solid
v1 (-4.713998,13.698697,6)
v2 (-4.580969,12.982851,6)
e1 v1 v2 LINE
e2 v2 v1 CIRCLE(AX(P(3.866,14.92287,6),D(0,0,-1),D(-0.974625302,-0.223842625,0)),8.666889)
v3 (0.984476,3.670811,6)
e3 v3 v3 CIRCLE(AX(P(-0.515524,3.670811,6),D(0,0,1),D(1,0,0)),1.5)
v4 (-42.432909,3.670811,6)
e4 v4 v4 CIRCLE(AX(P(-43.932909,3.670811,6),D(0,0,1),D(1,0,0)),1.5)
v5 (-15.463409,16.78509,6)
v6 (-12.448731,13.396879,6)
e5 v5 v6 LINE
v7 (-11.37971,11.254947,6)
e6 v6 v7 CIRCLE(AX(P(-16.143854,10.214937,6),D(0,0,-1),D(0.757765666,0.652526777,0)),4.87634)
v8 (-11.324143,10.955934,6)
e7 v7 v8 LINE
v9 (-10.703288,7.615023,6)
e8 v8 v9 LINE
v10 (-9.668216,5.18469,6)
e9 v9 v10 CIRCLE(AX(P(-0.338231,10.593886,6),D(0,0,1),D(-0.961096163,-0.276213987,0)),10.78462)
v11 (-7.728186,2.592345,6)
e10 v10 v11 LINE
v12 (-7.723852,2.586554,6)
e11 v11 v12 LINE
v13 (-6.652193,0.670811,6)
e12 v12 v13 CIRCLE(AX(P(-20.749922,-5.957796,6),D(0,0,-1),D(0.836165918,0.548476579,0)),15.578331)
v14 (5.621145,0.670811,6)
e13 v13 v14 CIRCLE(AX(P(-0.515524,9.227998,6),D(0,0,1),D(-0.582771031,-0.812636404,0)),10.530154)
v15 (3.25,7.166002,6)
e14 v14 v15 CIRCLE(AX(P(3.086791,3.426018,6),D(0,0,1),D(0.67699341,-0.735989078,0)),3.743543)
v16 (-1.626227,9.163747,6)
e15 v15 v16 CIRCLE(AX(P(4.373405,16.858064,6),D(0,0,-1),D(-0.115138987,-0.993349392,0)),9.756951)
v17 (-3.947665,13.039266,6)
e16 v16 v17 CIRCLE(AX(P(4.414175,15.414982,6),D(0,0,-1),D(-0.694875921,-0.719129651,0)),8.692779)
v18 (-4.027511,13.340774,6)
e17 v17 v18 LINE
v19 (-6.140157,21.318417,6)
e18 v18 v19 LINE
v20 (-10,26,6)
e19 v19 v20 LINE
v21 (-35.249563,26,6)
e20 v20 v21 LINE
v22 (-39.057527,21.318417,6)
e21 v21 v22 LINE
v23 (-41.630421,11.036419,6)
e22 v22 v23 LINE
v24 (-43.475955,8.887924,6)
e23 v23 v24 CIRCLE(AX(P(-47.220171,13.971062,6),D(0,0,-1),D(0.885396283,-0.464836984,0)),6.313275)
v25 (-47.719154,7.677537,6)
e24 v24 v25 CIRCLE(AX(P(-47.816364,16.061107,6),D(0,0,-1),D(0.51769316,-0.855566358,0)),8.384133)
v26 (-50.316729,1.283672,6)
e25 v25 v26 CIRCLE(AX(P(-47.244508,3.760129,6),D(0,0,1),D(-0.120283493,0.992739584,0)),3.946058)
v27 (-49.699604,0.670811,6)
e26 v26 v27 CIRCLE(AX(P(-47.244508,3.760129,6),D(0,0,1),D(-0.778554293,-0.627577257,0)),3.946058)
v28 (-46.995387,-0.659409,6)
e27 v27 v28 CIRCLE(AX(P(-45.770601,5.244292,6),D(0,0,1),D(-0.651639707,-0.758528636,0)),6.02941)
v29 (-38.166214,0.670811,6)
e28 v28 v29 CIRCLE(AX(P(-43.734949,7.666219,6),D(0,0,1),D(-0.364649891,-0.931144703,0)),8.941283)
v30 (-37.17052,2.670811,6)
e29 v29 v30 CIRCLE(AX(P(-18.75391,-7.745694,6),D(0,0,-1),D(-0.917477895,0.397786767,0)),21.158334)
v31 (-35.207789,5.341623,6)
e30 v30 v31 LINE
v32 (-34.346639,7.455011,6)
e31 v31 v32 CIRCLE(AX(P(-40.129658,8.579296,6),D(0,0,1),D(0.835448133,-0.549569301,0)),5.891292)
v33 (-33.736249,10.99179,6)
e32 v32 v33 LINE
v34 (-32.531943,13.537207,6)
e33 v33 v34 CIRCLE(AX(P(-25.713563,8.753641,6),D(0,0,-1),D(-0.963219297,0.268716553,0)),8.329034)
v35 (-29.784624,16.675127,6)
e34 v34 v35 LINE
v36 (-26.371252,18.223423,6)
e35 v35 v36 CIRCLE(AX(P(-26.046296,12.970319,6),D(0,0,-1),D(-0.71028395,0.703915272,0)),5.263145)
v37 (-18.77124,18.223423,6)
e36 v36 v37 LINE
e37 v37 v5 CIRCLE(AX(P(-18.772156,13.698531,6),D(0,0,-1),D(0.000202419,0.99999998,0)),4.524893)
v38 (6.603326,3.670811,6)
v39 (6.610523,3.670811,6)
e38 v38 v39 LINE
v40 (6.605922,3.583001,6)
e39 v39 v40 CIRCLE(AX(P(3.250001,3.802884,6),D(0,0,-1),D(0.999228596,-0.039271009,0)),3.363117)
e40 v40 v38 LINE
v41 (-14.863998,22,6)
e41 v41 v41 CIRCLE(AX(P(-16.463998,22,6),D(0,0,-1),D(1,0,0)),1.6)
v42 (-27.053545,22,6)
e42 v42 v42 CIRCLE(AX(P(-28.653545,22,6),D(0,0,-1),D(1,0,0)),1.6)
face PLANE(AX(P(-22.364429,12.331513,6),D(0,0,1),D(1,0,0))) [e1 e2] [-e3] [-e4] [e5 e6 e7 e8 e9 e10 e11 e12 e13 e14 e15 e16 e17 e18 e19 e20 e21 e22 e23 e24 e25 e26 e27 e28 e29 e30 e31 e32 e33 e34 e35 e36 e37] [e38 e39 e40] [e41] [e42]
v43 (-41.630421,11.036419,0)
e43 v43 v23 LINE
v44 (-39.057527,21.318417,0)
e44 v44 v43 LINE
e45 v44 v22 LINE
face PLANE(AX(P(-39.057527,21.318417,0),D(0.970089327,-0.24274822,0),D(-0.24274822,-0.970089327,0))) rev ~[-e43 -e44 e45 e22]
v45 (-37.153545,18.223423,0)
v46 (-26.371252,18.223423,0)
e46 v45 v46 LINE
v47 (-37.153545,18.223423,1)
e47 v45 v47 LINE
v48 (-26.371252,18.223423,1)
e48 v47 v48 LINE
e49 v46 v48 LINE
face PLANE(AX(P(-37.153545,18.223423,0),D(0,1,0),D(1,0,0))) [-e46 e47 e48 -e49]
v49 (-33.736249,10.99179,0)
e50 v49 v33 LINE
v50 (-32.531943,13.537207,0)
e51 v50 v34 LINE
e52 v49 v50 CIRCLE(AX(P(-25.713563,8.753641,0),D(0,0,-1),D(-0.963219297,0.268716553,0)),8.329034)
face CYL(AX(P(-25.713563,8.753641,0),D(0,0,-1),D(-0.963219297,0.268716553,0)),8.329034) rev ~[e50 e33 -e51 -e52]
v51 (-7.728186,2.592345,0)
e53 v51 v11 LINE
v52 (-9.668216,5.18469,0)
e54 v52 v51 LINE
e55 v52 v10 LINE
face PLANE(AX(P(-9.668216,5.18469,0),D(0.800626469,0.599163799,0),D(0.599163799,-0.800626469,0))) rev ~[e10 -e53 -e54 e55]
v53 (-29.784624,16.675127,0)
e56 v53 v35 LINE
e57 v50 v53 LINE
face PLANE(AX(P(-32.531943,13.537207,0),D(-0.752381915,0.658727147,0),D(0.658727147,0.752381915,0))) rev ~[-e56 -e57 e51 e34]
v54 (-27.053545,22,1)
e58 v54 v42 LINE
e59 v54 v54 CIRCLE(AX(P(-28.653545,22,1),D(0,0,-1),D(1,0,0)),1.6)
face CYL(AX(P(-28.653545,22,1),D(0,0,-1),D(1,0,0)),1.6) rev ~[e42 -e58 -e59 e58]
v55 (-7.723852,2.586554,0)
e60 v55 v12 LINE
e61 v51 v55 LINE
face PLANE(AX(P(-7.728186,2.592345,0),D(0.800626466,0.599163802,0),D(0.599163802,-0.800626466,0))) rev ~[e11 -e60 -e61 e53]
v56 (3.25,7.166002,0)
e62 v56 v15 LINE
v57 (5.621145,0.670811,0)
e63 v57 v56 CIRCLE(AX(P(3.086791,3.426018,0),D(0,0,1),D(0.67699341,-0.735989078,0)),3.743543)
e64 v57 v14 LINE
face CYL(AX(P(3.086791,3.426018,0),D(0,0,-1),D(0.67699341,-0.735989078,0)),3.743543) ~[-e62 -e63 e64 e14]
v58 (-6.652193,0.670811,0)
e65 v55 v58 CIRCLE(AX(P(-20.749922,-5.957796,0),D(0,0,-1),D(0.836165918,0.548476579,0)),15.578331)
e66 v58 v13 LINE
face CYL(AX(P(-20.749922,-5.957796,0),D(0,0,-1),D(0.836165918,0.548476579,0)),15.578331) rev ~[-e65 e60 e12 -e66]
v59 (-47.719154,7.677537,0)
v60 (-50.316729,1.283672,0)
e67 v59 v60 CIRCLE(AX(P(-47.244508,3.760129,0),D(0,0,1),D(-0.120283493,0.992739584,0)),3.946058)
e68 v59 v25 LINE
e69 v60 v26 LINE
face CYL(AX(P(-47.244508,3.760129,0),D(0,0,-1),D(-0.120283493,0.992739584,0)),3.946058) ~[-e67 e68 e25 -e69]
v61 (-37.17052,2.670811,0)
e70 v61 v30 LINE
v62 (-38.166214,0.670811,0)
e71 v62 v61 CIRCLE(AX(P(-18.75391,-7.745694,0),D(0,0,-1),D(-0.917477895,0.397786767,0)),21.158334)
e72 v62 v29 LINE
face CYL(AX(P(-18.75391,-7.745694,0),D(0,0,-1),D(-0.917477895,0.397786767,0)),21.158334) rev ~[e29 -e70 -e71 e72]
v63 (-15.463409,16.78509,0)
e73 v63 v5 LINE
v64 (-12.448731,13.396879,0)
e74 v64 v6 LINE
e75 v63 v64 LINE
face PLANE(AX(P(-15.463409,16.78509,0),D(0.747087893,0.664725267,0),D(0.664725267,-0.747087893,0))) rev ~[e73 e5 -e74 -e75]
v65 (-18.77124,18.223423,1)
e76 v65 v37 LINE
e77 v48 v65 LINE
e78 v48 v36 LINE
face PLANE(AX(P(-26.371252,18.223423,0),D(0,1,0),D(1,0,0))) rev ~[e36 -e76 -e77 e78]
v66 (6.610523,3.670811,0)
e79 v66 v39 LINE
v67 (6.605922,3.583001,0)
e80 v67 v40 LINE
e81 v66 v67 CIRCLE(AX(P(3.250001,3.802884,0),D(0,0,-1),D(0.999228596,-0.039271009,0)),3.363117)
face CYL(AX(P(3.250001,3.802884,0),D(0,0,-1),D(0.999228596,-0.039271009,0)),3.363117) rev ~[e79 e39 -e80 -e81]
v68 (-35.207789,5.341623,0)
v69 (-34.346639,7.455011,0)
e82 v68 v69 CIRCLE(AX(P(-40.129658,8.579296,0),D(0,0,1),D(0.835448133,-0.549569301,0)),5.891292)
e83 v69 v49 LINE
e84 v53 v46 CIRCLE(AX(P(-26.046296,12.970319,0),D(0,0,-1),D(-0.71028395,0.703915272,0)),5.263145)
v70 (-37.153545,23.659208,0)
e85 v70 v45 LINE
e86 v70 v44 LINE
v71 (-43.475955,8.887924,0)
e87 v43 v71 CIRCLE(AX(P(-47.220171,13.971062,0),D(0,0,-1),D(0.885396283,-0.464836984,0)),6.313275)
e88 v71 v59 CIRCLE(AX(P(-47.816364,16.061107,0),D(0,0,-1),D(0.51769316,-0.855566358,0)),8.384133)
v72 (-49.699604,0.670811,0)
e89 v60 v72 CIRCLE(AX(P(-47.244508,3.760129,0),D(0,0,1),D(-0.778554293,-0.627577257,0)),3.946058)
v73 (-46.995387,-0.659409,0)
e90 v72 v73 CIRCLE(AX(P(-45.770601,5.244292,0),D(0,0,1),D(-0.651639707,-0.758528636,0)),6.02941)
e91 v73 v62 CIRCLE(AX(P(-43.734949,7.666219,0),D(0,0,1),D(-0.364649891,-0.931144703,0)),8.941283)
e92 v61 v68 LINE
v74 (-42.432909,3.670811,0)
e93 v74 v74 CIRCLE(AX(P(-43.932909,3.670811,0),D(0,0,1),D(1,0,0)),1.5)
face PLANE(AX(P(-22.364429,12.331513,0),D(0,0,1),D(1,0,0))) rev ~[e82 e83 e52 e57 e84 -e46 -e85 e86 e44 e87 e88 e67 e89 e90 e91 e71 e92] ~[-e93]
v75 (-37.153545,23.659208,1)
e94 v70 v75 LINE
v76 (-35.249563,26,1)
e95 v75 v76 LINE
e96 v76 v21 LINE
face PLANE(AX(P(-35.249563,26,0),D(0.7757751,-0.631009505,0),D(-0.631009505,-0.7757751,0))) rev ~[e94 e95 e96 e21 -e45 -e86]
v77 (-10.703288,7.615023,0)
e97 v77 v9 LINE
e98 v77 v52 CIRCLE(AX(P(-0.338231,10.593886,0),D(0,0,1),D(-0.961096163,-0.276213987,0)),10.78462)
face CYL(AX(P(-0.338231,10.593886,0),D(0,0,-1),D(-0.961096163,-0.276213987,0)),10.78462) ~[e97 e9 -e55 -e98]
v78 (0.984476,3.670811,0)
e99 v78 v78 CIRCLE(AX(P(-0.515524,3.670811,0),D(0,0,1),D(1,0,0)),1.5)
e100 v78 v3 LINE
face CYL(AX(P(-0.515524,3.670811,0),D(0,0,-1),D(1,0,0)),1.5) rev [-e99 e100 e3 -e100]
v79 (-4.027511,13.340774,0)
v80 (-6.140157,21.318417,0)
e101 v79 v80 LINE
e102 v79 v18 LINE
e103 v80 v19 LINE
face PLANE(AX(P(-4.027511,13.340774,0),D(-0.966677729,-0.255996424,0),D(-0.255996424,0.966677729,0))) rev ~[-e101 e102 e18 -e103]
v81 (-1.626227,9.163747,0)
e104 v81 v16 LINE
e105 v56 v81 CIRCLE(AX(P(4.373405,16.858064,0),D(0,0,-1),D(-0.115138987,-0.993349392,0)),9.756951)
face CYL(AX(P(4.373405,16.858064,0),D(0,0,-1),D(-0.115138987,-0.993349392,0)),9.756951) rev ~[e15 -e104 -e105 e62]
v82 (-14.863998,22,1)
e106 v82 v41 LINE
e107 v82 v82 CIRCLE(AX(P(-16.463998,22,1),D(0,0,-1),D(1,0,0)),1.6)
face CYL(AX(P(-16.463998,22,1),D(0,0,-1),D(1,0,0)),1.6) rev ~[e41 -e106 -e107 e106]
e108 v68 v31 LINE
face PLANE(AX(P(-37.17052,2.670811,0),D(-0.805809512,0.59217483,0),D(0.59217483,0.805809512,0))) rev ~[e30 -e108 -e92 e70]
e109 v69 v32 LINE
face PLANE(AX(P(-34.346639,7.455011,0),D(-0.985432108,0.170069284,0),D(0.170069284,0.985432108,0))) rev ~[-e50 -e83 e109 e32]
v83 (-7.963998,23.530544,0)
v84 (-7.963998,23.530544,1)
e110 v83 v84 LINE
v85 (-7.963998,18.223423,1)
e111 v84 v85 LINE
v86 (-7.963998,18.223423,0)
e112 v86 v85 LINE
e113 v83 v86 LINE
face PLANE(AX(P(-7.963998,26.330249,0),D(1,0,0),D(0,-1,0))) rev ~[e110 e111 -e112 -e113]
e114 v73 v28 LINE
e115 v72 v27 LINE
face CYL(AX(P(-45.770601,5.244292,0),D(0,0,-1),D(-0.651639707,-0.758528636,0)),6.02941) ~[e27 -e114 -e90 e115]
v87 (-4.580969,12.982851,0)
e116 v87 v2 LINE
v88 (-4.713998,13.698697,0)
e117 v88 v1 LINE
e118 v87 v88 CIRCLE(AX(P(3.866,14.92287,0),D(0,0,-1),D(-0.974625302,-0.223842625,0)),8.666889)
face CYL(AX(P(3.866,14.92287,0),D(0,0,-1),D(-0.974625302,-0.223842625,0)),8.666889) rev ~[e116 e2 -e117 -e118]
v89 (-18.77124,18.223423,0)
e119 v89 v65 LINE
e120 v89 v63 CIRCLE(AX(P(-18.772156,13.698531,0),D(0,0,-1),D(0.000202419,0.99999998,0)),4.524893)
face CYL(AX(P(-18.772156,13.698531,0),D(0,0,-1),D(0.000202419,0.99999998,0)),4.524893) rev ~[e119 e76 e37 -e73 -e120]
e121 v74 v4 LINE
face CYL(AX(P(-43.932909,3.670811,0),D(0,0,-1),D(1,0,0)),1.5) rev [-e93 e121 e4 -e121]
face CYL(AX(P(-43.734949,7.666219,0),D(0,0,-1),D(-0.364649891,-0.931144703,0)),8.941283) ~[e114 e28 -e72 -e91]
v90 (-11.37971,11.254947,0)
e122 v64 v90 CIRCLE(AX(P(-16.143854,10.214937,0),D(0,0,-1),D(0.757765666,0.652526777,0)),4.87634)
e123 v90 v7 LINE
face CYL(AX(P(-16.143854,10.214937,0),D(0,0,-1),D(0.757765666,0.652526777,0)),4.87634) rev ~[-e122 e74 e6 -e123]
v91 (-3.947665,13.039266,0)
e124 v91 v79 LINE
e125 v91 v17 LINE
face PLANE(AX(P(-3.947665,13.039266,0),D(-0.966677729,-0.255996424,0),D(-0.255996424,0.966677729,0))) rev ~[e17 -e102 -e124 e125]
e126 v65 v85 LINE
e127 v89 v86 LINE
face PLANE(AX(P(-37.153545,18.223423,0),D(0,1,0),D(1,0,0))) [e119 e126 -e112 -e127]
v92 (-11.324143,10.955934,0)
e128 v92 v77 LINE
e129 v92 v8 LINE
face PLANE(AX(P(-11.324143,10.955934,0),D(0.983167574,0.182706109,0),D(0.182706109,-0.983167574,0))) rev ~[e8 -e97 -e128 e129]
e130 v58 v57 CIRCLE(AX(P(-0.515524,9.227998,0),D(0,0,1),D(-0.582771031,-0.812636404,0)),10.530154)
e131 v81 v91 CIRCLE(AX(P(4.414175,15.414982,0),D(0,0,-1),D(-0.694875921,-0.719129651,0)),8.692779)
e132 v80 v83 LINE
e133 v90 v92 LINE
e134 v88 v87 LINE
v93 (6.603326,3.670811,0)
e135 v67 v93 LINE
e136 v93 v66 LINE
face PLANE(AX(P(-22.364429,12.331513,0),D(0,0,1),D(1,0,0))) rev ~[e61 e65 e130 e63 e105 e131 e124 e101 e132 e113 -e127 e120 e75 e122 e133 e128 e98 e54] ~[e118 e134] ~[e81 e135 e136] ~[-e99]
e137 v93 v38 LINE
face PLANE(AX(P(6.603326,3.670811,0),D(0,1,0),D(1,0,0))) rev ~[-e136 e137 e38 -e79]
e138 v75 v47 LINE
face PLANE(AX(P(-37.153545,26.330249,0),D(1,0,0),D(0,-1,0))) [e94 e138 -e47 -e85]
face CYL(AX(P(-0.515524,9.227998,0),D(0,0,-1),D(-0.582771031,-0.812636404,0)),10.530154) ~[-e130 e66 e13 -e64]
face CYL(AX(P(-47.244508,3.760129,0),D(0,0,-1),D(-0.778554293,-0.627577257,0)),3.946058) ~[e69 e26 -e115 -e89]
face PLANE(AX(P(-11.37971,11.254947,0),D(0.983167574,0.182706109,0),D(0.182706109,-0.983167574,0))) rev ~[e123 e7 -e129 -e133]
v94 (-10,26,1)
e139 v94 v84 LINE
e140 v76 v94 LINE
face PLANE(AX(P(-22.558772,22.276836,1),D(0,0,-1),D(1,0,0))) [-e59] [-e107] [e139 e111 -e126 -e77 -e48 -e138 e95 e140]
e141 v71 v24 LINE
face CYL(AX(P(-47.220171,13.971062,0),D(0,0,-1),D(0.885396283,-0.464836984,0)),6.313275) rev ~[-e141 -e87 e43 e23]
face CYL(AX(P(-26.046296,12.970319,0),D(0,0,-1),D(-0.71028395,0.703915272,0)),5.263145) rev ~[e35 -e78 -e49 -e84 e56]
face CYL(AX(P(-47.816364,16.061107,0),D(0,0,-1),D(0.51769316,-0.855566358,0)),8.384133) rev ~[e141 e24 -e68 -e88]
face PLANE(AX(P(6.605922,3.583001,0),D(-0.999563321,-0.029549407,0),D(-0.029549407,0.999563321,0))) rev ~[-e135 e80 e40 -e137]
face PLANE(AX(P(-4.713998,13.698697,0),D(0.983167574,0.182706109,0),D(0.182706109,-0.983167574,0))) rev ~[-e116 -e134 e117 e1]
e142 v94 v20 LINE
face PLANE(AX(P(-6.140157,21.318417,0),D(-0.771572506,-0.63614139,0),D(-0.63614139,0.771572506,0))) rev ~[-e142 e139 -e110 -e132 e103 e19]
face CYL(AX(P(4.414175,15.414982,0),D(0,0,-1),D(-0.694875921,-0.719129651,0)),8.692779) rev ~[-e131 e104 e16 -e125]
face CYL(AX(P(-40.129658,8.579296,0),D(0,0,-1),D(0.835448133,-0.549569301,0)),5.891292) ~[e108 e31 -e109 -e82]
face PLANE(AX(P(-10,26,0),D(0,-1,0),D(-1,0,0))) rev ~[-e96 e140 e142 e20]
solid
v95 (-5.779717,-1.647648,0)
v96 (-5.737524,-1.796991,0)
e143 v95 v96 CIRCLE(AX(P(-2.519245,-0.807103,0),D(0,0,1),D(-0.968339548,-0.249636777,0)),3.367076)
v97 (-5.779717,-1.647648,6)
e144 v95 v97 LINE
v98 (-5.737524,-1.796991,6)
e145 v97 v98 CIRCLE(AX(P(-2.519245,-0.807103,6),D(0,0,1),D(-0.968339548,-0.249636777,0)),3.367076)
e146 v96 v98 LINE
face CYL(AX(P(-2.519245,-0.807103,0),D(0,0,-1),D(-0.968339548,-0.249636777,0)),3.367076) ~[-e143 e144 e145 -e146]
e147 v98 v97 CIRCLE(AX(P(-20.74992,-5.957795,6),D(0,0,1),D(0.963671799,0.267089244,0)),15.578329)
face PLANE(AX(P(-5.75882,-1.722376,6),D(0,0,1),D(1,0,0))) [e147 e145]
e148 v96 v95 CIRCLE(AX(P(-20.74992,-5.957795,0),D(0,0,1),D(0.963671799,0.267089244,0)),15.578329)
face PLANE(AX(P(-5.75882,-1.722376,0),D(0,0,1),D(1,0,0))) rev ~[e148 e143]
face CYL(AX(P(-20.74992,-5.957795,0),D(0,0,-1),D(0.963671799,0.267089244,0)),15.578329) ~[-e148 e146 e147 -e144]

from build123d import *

# Parameters (mm, degrees)
F0_R     = 1.5
F1_DEPTH = 6
F2_W     = 29.1895474304
F2_H     = 8.1068262217
F3_DEPTH = 1
F4_R     = 1.6
F5_DEPTH = 25


with BuildPart() as f1:
    # F0 (on Top) → F1 (new body)
    with BuildSketch(Plane.XY):
        with BuildLine():
            Line((-10, 26), (-35.2495634258, 26))
            Line((-35.2495634258, 26), (-39.057527268, 21.3184167468))
            Line((-39.057527268, 21.3184167468), (-41.6304210197, 11.0364185063))
            ThreePointArc((-41.6304210197, 11.0364185063), (-42.4311486923, 9.8573407468), (-43.4759554631, 8.8879244376))
            ThreePointArc((-43.4759554631, 8.8879244376), (-45.51650016, 7.9985812964), (-47.7191541257, 7.6775370778))
            ThreePointArc((-47.7191541257, 7.6775370778), (-50.9003861294, 5.2453676624), (-50.3167290744, 1.2836723726))
            ThreePointArc((-50.3167290744, 1.2836723726), (-50.0192314636, 0.9660998742), (-49.6996038757, 0.6708113287))
            ThreePointArc((-49.6996038757, 0.6708113287), (-48.4319460234, -0.1659790532), (-46.995387251, -0.6594093592))
            ThreePointArc((-46.995387251, -0.6594093592), (-42.402871488, -1.1752804225), (-38.1662136975, 0.6708113287))
            ThreePointArc((-38.1662136975, 0.6708113287), (-37.6947830716, 1.6839626336), (-37.1705197268, 2.6708113287))
            Line((-37.1705197268, 2.6708113287), (-35.2077888071, 5.3416226573))
            ThreePointArc((-35.2077888071, 5.3416226573), (-34.6739031487, 6.3562206362), (-34.3466389772, 7.4550113884))
            Line((-34.3466389772, 7.4550113884), (-33.7362494579, 10.9917901425))
            ThreePointArc((-33.7362494579, 10.9917901425), (-33.2424472917, 12.3157626035), (-32.5319427601, 13.5372072267))
            Line((-32.5319427601, 13.5372072267), (-29.7846236034, 16.6751274652))
            ThreePointArc((-29.7846236034, 16.6751274652), (-28.2204332697, 17.7634209708), (-26.3712517917, 18.2234231624))
            Line((-26.3712517917, 18.2234231624), (-18.7730714679, 18.2234231624))
            Line((-18.7730714679, 18.2234231624), (-18.771239616, 18.2234231624))
            ThreePointArc((-18.771239616, 18.2234231624), (-16.9678088596, 17.8481072738), (-15.4634089727, 16.7850901103))
            Line((-15.4634089727, 16.7850901103), (-12.4487311379, 13.3968793328))
            ThreePointArc((-12.4487311379, 13.3968793328), (-11.7807395516, 12.3925325218), (-11.3797099055, 11.2549471408))
            ThreePointArc((-11.3797099055, 11.2549471408), (-11.3495947952, 11.1058740041), (-11.3241430986, 10.9559342458))
            Line((-11.3241430986, 10.9559342458), (-10.7032877635, 7.6150233392))
            ThreePointArc((-10.7032877635, 7.6150233392), (-10.2604433533, 6.3680457187), (-9.6682160293, 5.1846898321))
            Line((-9.6682160293, 5.1846898321), (-7.7281862056, 2.592344916))
            Line((-7.7281862056, 2.592344916), (-7.7238523924, 2.5865539027))
            ThreePointArc((-7.7238523924, 2.5865539027), (-7.1542376439, 1.6475817928), (-6.6521927802, 0.6708113287))
            ThreePointArc((-6.6521927802, 0.6708113287), (-0.5155238845, -1.3021562504), (5.6211450111, 0.6708113287))
            ThreePointArc((5.6211450111, 0.6708113287), (6.6033357025, 4.7097738492), (3.25, 7.1660019457))
            ThreePointArc((3.25, 7.1660019457), (0.6744644557, 7.8294460888), (-1.6262272263, 9.163747125))
            ThreePointArc((-1.6262272263, 9.163747125), (-3.0431070459, 10.948065824), (-3.9476649338, 13.0392656399))
            ThreePointArc((-3.9476649338, 13.0392656399), (-3.9889402222, 13.1896618294), (-4.0275107165, 13.3407743047))
            Line((-4.0275107165, 13.3407743047), (-6.1401568189, 21.3184167468))
            Line((-6.1401568189, 21.3184167468), (-10, 26))
        make_face()
        with Locations((-43.9329087866, 3.6708113287)):
            Circle(F0_R, mode=Mode.SUBTRACT)
        with Locations((-0.5155238845, 3.6708113287)):
            Circle(F0_R, mode=Mode.SUBTRACT)
        with BuildLine():
            Line((6.605921809, 3.5830009729), (6.6033259315, 3.6708113287))
            Line((6.6033259315, 3.6708113287), (6.6105232638, 3.6708113287))
            ThreePointArc((6.6105232638, 3.6708113287), (6.6085095309, 3.6268911116), (6.605921809, 3.5830009729))
        make_face(mode=Mode.SUBTRACT)
        with BuildLine():
            ThreePointArc((-4.5809692163, 12.9828511217), (-4.6550041334, 13.3393767265), (-4.7139979165, 13.6986974876))
            Line((-4.7139979165, 13.6986974876), (-4.5809692163, 12.9828511217))
        make_face(mode=Mode.SUBTRACT)
        with BuildLine():
            Line((-3.9476649338, 13.0392656399), (-4.0275107165, 13.3407743047))
            ThreePointArc((-4.0275107165, 13.3407743047), (-3.9889402222, 13.1896618294), (-3.9476649338, 13.0392656399))
        make_face()
        with BuildLine():
            ThreePointArc((-49.6996038757, 0.6708113287), (-50.0192314636, 0.9660998742), (-50.3167290744, 1.2836723726))
            ThreePointArc((-50.3167290744, 1.2836723726), (-50.0251028728, 0.9601876131), (-49.6996038757, 0.6708113287))
        make_face()
        with BuildLine():
            Line((-11.3797099055, 11.2549471408), (-11.3241430986, 10.9559342458))
            ThreePointArc((-11.3241430986, 10.9559342458), (-11.3495947952, 11.1058740041), (-11.3797099055, 11.2549471408))
        make_face()
    extrude(amount=F1_DEPTH)

    # F2 (on face) → F3 (cut)
    with BuildSketch(Plane(origin=(0, 0, 0), x_dir=(1, 0, 0), z_dir=(0, 0, -1))):
        with Locations((-22.5587716317, -22.2768362732)):
            Rectangle(F2_W, F2_H)
    extrude(amount=-F3_DEPTH, mode=Mode.SUBTRACT)

    # F4 (on face) → F5 (cut)
    with BuildSketch(Plane(origin=(0, 0, 1), x_dir=(1, 0, 0), z_dir=(0, 0, -1))):
        with Locations((-28.6535453469, -22)):
            Circle(F4_R)
        with Locations((-16.4639979165, -22)):
            Circle(F4_R)
    extrude(amount=-F5_DEPTH, mode=Mode.SUBTRACT)


with BuildPart() as f1b:
    # F0 (on Top) → F1, piece 2 (new body)
    with BuildSketch(Plane.XY):
        with BuildLine():
            ThreePointArc((-5.7375235555, -1.796991188), (-5.7584344051, -1.7222672905), (-5.7797171889, -1.6476484751))
            ThreePointArc((-5.7797171889, -1.6476484751), (-5.7594808885, -1.7225629523), (-5.7375235555, -1.796991188))
        make_face()
    extrude(amount=F1_DEPTH)


solid = Compound([f1.part, f1b.part])
